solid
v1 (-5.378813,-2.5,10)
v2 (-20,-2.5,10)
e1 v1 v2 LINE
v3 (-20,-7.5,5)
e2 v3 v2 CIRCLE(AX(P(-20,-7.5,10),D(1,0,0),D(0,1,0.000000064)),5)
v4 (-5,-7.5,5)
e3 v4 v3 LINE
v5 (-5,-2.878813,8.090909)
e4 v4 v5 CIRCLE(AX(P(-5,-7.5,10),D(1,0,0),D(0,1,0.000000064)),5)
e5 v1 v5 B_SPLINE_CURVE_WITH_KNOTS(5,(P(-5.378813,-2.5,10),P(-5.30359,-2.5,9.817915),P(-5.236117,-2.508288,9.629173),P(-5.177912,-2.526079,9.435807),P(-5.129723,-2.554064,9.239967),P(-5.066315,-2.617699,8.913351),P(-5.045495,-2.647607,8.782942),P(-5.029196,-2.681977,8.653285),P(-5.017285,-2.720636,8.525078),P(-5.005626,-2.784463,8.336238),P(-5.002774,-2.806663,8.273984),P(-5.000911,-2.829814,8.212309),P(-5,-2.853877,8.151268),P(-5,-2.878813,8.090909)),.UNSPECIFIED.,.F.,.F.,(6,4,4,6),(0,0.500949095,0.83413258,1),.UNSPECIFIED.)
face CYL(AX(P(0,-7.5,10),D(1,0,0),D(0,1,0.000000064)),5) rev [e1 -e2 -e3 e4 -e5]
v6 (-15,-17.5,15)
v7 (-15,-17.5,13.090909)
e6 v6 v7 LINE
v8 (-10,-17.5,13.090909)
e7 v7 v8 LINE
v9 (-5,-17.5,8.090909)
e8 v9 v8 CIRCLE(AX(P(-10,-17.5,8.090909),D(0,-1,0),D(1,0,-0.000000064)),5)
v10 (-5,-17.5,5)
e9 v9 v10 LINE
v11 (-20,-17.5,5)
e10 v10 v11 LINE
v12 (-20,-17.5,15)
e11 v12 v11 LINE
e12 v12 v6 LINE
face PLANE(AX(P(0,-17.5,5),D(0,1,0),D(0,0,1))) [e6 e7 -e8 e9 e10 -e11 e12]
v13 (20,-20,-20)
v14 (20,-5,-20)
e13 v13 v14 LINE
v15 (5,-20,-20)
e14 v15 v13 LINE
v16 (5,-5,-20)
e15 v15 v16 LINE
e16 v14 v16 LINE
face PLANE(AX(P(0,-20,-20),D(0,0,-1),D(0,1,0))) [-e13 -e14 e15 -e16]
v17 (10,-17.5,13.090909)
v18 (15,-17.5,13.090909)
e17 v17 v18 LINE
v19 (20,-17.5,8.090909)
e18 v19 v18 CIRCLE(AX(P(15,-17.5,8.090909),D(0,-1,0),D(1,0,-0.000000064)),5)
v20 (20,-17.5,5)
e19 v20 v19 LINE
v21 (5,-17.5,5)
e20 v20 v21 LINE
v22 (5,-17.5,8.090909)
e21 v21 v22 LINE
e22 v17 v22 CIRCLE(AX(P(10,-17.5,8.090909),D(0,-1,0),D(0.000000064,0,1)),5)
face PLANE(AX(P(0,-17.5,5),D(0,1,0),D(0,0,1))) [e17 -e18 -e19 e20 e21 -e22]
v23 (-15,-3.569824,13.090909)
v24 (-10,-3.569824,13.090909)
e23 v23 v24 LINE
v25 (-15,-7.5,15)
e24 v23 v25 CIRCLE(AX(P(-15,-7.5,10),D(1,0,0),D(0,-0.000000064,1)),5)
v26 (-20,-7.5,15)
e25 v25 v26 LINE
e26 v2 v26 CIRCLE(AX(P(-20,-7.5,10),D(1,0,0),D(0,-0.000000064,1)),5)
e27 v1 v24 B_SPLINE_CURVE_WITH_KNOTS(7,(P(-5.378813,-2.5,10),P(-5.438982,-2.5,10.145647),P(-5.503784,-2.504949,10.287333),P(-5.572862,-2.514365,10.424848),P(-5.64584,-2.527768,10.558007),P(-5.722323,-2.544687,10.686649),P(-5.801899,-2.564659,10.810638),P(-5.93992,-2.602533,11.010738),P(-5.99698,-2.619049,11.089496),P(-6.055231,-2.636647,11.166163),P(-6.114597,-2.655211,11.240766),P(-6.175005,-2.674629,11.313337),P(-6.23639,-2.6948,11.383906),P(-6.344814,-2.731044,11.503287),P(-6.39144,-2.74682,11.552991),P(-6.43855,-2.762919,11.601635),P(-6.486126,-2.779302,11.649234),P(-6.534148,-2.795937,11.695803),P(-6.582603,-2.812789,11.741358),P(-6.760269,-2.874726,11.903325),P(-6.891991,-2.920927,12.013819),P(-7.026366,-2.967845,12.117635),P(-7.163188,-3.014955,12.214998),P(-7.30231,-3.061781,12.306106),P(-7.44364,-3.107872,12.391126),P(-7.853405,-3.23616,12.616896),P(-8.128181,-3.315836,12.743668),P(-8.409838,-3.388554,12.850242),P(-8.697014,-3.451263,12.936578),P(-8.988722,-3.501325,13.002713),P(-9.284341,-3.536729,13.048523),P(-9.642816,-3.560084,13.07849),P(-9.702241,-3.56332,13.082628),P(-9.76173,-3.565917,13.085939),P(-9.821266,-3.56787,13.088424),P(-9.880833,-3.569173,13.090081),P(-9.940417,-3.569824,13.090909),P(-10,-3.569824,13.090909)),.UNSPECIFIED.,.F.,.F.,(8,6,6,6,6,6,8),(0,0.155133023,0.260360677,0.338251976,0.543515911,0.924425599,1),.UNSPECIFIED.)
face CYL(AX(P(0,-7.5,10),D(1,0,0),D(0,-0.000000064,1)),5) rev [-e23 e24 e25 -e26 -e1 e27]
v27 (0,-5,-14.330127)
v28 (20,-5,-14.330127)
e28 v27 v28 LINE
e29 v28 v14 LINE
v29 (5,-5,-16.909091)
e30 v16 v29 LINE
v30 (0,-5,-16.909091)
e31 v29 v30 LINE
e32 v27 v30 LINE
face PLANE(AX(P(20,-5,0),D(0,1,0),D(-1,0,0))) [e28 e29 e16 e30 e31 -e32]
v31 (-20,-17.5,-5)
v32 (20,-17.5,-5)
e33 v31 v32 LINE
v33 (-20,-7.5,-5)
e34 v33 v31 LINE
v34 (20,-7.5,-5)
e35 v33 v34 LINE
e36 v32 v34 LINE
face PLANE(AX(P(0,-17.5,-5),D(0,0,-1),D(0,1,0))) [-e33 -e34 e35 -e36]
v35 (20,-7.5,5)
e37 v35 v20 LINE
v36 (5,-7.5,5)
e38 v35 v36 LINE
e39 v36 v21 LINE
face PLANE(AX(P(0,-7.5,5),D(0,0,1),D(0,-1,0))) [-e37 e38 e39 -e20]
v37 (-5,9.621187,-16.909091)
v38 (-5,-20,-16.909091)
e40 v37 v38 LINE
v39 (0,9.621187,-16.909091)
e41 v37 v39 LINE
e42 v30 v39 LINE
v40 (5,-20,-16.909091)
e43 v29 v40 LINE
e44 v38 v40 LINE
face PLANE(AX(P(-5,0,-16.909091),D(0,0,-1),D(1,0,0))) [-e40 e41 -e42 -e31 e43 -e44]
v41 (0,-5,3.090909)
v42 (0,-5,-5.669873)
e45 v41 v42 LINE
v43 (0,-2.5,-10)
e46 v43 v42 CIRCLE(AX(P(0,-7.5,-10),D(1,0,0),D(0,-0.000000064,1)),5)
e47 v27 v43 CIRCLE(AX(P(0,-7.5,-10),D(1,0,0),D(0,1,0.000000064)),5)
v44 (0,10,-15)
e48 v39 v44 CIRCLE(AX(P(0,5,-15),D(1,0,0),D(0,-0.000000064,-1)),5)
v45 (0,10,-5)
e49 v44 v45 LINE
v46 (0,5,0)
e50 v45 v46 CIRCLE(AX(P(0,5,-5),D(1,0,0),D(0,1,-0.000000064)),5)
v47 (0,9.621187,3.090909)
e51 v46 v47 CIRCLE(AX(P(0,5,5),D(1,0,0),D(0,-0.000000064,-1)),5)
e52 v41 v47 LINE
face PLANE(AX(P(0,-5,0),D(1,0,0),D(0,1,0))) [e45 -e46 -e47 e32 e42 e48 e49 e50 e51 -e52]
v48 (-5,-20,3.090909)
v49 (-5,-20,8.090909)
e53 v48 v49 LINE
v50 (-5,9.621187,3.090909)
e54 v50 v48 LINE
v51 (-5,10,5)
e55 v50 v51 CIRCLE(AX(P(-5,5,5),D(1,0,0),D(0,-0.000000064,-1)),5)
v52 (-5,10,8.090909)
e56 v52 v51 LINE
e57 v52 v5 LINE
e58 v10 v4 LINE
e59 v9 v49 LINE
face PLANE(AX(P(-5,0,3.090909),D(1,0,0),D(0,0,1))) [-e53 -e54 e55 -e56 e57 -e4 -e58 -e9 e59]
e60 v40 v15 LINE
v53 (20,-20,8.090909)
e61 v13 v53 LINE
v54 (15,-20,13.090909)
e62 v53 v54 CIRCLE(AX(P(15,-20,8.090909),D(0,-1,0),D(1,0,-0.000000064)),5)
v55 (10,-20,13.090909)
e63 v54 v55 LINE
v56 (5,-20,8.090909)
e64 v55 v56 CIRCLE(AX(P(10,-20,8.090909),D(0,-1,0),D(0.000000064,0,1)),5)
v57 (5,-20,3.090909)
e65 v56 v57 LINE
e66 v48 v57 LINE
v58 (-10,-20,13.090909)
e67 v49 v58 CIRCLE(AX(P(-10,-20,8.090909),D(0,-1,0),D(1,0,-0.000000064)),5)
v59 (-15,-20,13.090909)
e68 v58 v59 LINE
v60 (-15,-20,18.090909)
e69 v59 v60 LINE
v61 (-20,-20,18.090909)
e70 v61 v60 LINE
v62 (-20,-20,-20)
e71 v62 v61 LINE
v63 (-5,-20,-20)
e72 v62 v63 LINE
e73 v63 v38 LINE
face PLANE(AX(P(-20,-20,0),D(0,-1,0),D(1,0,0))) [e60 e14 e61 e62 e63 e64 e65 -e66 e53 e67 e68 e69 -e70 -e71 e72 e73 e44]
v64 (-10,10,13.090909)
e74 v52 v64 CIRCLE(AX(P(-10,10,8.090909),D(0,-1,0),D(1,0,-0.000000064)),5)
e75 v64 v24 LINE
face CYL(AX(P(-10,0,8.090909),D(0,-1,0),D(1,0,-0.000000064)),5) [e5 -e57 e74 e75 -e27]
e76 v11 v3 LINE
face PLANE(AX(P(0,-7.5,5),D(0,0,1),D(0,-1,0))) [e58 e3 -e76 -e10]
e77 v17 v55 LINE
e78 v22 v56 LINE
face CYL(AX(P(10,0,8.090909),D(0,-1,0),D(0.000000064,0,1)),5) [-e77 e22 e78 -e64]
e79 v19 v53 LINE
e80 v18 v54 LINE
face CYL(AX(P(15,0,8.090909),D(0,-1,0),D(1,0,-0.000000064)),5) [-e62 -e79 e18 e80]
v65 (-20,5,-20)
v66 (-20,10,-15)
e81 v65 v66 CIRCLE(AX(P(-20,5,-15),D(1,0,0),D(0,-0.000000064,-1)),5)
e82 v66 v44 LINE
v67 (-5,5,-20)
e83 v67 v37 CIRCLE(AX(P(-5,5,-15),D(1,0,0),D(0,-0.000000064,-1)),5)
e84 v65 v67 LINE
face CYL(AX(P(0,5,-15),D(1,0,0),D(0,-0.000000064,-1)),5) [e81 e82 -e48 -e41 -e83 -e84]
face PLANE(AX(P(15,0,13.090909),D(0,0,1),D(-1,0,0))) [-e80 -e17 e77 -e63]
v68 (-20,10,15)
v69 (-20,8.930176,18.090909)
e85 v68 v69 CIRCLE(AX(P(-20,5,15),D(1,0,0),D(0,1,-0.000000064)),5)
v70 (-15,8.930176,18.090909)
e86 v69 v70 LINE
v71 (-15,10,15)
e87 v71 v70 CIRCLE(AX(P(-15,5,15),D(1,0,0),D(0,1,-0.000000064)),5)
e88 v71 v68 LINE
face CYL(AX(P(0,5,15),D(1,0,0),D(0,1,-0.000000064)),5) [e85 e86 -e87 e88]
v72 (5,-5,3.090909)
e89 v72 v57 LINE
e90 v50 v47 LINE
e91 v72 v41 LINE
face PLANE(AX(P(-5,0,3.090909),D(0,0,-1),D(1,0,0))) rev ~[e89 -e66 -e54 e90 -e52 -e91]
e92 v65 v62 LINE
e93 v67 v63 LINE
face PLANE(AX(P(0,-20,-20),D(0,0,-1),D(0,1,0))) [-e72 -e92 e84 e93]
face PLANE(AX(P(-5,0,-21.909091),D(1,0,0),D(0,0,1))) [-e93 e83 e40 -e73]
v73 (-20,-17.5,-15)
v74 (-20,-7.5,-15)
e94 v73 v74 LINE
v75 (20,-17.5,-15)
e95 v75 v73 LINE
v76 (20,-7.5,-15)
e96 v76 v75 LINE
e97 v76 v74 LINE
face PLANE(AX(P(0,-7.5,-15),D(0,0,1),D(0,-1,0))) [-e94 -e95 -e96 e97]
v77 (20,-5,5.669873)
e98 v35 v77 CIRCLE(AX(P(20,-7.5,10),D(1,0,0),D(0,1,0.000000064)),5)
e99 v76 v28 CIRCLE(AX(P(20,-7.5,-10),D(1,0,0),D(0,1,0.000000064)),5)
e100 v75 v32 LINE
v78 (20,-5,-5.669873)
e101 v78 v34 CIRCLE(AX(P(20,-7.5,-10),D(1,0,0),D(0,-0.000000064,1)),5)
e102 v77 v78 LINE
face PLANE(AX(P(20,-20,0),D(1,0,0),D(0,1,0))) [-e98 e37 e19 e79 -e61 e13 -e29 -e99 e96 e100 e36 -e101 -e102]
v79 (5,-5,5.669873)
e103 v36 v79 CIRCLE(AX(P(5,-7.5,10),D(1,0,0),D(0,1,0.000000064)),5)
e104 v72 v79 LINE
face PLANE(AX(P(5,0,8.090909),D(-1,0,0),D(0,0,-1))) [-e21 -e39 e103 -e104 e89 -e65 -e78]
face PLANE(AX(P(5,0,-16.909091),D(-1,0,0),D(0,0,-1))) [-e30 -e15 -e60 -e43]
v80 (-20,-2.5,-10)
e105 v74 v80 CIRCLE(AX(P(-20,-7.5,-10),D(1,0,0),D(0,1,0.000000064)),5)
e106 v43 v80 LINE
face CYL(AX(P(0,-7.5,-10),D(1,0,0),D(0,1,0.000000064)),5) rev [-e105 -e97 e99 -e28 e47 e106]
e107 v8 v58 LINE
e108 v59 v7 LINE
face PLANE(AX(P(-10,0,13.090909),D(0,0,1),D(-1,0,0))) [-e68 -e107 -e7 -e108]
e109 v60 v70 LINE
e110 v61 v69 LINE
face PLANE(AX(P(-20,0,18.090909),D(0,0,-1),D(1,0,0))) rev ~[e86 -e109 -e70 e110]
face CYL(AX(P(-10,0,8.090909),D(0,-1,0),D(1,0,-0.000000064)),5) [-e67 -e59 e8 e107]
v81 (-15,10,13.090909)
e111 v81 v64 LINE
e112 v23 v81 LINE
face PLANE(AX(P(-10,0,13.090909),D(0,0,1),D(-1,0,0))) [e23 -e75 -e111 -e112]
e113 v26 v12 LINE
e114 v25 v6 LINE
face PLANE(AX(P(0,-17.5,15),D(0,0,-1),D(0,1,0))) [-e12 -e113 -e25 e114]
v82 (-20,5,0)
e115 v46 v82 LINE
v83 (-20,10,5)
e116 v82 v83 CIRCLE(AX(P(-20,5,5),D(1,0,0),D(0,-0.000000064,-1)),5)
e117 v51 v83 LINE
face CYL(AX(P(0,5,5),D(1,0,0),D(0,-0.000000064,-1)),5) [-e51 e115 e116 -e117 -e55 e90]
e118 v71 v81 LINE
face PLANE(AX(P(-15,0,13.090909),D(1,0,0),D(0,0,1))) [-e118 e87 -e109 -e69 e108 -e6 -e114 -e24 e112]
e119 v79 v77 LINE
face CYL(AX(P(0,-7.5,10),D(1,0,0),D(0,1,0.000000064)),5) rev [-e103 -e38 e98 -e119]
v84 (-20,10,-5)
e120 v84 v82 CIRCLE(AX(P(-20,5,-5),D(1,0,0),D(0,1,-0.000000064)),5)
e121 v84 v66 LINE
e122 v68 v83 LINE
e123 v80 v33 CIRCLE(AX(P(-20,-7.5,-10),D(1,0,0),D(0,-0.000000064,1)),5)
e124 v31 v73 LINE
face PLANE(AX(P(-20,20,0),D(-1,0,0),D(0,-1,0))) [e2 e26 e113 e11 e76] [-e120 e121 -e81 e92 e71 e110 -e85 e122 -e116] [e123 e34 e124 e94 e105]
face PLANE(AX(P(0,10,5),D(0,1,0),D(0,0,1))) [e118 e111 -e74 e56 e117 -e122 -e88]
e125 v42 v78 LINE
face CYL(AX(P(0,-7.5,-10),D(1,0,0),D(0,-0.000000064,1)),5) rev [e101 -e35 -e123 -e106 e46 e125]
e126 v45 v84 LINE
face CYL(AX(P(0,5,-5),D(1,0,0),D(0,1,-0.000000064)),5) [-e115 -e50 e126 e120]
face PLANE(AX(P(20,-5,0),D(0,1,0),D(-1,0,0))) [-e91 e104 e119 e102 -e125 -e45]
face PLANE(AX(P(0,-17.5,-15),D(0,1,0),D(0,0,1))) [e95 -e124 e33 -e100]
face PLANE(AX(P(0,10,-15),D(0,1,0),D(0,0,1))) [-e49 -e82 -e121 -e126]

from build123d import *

# Parameters (mm, degrees)
F3_DEPTH = 25
F4_DEPTH = 25
F2_W     = 5
F2_H     = 5
F2_W_2   = 10
F2_H_2   = 20
F5_DEPTH = 25


with BuildPart() as f3:
    # F0 (on Top) → F3 (new body, symmetric)
    with BuildSketch(Plane.XY):
        Polygon((0, 20), (-20, 20), (-20, -20), (20, -20), (20, -5), (0, -5), align=None)
    extrude(amount=F3_DEPTH, both=True)

    # F1 (on Right) → F4 (intersect, symmetric)
    with BuildSketch(Plane.YZ):
        with BuildLine():
            Line((5, 20), (-20, 20))
            Line((-20, 20), (-20, -20))
            Line((-20, -20), (5, -20))
            ThreePointArc((5, -20), (8.535534, -18.535534), (10, -15))
            Line((10, -15), (10, -5))
            ThreePointArc((10, -5), (8.535534, -1.464466), (5, 0))
            ThreePointArc((5, 0), (8.535534, 1.464466), (10, 5))
            Line((10, 5), (10, 15))
            ThreePointArc((10, 15), (8.535534, 18.535534), (5, 20))
        make_face()
        with BuildLine():
            Line((-17.5, -5), (-7.5, -5))
            ThreePointArc((-7.5, -5), (-3.964466, -6.464466), (-2.5, -10))
            ThreePointArc((-2.5, -10), (-3.964466, -13.535534), (-7.5, -15))
            Line((-7.5, -15), (-17.5, -15))
            Line((-17.5, -15), (-17.5, -5))
        make_face(mode=Mode.SUBTRACT)
        with BuildLine():
            Line((-17.5, 15), (-7.5, 15))
            ThreePointArc((-7.5, 15), (-3.964466, 13.535534), (-2.5, 10))
            ThreePointArc((-2.5, 10), (-3.964466, 6.464466), (-7.5, 5))
            Line((-7.5, 5), (-17.5, 5))
            Line((-17.5, 5), (-17.5, 15))
        make_face(mode=Mode.SUBTRACT)
    extrude(amount=F4_DEPTH, both=True, mode=Mode.INTERSECT)

    # F2 (on Front) → F5 (intersect, symmetric)
    with BuildSketch(Plane.XZ):
        with Locations((-17.5, 15.590909)):
            Rectangle(F2_W, F2_H)
        with BuildLine():
            Line((-15, 13.090909), (-20, 13.090909))
            Line((-20, 13.090909), (-20, -21.909091))
            Line((-20, -21.909091), (-5, -21.909091))
            Line((-5, -21.909091), (-5, -16.909091))
            Line((-5, -16.909091), (-5, 3.090909))
            Line((-5, 3.090909), (-5, 8.090909))
            ThreePointArc((-5, 8.090909), (-6.464466, 11.626443), (-10, 13.090909))
            Line((-10, 13.090909), (-15, 13.090909))
        make_face()
        with Locations((0, -6.909091)):
            Rectangle(F2_W_2, F2_H_2)
        with BuildLine():
            Line((5, 3.090909), (5, -16.909091))
            Line((5, -16.909091), (5, -21.909091))
            Line((5, -21.909091), (20, -21.909091))
            Line((20, -21.909091), (20, 8.090909))
            ThreePointArc((20, 8.090909), (18.535534, 11.626443), (15, 13.090909))
            Line((15, 13.090909), (10, 13.090909))
            ThreePointArc((10, 13.090909), (6.464466, 11.626443), (5, 8.090909))
            Line((5, 8.090909), (5, 3.090909))
        make_face()
    extrude(amount=F5_DEPTH, both=True, mode=Mode.INTERSECT)


solid = f3.part
